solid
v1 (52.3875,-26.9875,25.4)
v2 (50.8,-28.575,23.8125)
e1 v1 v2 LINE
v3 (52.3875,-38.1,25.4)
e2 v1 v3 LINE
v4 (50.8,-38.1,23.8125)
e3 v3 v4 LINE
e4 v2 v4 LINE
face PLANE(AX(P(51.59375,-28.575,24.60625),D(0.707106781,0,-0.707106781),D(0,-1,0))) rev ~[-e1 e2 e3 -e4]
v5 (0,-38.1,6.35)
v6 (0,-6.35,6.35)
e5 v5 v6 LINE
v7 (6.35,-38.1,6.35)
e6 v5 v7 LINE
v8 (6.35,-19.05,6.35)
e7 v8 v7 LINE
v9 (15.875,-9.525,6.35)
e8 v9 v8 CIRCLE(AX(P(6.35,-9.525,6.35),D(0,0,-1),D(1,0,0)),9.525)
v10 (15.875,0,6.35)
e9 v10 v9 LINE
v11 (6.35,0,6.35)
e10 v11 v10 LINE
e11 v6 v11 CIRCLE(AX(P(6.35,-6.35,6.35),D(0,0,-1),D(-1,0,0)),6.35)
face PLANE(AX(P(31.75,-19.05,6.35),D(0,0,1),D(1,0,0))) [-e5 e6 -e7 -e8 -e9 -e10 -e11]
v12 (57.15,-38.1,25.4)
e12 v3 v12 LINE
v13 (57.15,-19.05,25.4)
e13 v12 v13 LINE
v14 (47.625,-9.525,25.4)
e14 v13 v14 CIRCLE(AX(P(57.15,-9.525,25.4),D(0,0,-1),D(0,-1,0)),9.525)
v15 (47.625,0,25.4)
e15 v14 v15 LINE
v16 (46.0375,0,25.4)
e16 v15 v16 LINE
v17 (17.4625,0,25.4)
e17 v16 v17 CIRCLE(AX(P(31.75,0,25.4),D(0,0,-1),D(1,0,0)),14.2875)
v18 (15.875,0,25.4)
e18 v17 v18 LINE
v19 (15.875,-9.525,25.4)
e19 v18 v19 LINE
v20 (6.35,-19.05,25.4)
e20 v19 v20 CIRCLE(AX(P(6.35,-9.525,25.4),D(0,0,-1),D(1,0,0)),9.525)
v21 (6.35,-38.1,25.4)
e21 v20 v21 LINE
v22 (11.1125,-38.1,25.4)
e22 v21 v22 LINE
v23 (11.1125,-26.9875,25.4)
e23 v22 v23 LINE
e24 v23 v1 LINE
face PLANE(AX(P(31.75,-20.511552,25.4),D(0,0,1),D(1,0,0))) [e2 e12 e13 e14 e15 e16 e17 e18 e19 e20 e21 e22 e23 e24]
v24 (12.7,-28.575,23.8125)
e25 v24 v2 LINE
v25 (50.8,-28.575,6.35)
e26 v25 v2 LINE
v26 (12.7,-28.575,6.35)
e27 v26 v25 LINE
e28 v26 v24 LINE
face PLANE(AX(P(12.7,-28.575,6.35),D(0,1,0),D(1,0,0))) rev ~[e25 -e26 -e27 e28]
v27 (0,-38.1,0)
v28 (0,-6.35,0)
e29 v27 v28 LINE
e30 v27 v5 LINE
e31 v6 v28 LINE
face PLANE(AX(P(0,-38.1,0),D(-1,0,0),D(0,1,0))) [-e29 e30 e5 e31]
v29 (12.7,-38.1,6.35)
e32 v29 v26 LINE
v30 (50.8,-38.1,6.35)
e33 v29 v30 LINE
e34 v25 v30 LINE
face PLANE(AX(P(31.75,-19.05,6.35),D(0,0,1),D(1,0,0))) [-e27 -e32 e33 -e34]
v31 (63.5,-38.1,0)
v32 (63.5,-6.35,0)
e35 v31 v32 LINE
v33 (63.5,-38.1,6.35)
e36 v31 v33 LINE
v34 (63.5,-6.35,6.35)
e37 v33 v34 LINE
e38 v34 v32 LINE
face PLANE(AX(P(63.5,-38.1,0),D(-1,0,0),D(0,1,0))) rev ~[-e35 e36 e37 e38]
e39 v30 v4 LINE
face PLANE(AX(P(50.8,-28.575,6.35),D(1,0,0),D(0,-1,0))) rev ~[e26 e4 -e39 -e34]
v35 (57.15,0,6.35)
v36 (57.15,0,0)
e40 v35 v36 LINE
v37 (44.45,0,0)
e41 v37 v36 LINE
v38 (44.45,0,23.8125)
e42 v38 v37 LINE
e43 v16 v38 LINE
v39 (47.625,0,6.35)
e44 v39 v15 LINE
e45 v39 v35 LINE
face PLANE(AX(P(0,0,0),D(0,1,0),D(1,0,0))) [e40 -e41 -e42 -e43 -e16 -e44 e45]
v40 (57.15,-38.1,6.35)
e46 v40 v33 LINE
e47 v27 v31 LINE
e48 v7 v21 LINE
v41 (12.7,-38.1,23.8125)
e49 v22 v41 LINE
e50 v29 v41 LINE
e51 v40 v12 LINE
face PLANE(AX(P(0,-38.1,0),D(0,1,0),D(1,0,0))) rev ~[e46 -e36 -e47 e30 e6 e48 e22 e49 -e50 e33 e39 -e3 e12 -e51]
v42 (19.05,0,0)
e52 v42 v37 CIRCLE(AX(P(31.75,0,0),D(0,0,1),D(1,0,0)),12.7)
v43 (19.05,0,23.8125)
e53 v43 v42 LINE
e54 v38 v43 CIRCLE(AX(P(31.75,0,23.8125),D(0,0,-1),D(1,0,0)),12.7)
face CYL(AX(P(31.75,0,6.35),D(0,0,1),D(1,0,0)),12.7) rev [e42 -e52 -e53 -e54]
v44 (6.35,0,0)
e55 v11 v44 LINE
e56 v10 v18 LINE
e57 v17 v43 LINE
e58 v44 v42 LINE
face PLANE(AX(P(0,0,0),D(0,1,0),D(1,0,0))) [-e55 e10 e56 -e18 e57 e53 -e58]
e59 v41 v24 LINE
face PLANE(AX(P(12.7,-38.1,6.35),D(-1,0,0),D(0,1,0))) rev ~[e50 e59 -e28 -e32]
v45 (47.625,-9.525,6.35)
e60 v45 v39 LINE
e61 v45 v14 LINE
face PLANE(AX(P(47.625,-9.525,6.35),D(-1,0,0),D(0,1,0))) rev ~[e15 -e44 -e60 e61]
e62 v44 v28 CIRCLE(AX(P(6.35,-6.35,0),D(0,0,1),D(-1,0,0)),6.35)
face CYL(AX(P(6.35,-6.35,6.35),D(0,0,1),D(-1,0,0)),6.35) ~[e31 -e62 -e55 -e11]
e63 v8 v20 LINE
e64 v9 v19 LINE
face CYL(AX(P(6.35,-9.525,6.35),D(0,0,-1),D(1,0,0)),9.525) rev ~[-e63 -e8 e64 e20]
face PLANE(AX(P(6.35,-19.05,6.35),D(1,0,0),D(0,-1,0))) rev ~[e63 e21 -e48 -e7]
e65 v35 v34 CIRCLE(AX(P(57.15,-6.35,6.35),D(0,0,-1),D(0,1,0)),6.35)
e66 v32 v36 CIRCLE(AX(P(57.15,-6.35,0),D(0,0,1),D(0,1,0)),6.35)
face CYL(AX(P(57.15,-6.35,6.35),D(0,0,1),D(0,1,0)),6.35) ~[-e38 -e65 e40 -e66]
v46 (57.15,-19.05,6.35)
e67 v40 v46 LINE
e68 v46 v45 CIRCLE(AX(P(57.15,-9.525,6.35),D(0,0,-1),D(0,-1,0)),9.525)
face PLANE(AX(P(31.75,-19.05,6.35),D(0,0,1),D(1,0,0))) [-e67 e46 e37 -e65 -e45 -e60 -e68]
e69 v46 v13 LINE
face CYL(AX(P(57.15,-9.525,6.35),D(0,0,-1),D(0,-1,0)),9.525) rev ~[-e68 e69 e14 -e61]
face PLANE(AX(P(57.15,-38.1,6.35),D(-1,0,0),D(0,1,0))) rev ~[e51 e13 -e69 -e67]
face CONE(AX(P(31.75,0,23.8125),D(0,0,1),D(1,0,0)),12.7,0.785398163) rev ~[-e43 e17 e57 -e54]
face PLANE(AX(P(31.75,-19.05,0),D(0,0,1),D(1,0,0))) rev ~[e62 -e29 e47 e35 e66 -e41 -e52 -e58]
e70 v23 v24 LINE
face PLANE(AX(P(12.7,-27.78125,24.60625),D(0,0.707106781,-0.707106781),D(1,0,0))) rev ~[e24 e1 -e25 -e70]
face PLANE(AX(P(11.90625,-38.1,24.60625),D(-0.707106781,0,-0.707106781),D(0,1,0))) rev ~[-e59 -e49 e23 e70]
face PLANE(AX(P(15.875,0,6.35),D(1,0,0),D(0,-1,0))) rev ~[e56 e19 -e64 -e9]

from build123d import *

# Parameters (mm, degrees)
F0_W     = 63.5
F0_H     = 38.1
F1_DEPTH = 6.35
F3_DEPTH = 19.05
F4_DEPTH = 25.4
F5_SIZE  = 1.5875
F7_DEPTH = 25.4
F9_DEPTH = 25.4


with BuildPart() as f1:
    # F0 (on Top) → F1 (new body)
    with BuildSketch(Plane.XY):
        with Locations((31.75, -19.05)):
            Rectangle(F0_W, F0_H)
    extrude(amount=F1_DEPTH)

    # F2 (on face) → F3 (join)
    with BuildSketch(Plane.XY.offset(6.35)):
        with BuildLine():
            Line((6.35, -19.05), (6.35, -38.1))
            Line((6.35, -38.1), (12.7, -38.1))
            Line((12.7, -38.1), (12.7, -28.575))
            Line((12.7, -28.575), (50.8, -28.575))
            Line((50.8, -28.575), (50.8, -38.1))
            Line((50.8, -38.1), (57.15, -38.1))
            Line((57.15, -38.1), (57.15, -19.05))
            ThreePointArc((57.15, -19.05), (50.4148079092, -16.2601920908), (47.625, -9.525))
            Line((47.625, -9.525), (47.625, 0))
            Line((47.625, 0), (44.45, 0))
            ThreePointArc((44.45, 0), (31.75, -12.7), (19.05, 0))
            Line((19.05, 0), (15.875, 0))
            Line((15.875, 0), (15.875, -9.525))
            ThreePointArc((15.875, -9.525), (13.0851920908, -16.2601920908), (6.35, -19.05))
        make_face()
    extrude(amount=F3_DEPTH)

    # F4 (cut): a face of the model
    f4_faces = [f1.faces().sort_by_distance(p)[0] for p in [
        (31.75, -5.390047406, 6.35),
    ]]
    extrude(f4_faces, amount=-F4_DEPTH, mode=Mode.SUBTRACT)

    # F5
    f5_edges = [f1.edges().sort_by_distance(p)[0] for p in [
        (12.7, -33.3375, 25.4),
        (31.75, -28.575, 25.4),
        (50.8, -33.3375, 25.4),
        (31.75, -12.7, 25.4),
    ]]
    chamfer(f5_edges, length=F5_SIZE)

    # F6 (on face) → F7 (cut)
    with BuildSketch(Plane.XY.offset(6.35)):
        with BuildLine():
            Line((6.35, 0), (0, 0))
            Line((0, 0), (0, -6.35))
            ThreePointArc((0, -6.35), (1.8598719395, -1.8598719395), (6.35, 0))
        make_face()
    extrude(amount=-F7_DEPTH, mode=Mode.SUBTRACT)

    # F8 (on face) → F9 (cut)
    with BuildSketch(Plane.XY.offset(6.35)):
        with BuildLine():
            Line((63.5, -6.35), (63.5, 0))
            Line((63.5, 0), (57.15, 0))
            ThreePointArc((57.15, 0), (61.6401280605, -1.8598719395), (63.5, -6.35))
        make_face()
    extrude(amount=-F9_DEPTH, mode=Mode.SUBTRACT)


solid = f1.part
